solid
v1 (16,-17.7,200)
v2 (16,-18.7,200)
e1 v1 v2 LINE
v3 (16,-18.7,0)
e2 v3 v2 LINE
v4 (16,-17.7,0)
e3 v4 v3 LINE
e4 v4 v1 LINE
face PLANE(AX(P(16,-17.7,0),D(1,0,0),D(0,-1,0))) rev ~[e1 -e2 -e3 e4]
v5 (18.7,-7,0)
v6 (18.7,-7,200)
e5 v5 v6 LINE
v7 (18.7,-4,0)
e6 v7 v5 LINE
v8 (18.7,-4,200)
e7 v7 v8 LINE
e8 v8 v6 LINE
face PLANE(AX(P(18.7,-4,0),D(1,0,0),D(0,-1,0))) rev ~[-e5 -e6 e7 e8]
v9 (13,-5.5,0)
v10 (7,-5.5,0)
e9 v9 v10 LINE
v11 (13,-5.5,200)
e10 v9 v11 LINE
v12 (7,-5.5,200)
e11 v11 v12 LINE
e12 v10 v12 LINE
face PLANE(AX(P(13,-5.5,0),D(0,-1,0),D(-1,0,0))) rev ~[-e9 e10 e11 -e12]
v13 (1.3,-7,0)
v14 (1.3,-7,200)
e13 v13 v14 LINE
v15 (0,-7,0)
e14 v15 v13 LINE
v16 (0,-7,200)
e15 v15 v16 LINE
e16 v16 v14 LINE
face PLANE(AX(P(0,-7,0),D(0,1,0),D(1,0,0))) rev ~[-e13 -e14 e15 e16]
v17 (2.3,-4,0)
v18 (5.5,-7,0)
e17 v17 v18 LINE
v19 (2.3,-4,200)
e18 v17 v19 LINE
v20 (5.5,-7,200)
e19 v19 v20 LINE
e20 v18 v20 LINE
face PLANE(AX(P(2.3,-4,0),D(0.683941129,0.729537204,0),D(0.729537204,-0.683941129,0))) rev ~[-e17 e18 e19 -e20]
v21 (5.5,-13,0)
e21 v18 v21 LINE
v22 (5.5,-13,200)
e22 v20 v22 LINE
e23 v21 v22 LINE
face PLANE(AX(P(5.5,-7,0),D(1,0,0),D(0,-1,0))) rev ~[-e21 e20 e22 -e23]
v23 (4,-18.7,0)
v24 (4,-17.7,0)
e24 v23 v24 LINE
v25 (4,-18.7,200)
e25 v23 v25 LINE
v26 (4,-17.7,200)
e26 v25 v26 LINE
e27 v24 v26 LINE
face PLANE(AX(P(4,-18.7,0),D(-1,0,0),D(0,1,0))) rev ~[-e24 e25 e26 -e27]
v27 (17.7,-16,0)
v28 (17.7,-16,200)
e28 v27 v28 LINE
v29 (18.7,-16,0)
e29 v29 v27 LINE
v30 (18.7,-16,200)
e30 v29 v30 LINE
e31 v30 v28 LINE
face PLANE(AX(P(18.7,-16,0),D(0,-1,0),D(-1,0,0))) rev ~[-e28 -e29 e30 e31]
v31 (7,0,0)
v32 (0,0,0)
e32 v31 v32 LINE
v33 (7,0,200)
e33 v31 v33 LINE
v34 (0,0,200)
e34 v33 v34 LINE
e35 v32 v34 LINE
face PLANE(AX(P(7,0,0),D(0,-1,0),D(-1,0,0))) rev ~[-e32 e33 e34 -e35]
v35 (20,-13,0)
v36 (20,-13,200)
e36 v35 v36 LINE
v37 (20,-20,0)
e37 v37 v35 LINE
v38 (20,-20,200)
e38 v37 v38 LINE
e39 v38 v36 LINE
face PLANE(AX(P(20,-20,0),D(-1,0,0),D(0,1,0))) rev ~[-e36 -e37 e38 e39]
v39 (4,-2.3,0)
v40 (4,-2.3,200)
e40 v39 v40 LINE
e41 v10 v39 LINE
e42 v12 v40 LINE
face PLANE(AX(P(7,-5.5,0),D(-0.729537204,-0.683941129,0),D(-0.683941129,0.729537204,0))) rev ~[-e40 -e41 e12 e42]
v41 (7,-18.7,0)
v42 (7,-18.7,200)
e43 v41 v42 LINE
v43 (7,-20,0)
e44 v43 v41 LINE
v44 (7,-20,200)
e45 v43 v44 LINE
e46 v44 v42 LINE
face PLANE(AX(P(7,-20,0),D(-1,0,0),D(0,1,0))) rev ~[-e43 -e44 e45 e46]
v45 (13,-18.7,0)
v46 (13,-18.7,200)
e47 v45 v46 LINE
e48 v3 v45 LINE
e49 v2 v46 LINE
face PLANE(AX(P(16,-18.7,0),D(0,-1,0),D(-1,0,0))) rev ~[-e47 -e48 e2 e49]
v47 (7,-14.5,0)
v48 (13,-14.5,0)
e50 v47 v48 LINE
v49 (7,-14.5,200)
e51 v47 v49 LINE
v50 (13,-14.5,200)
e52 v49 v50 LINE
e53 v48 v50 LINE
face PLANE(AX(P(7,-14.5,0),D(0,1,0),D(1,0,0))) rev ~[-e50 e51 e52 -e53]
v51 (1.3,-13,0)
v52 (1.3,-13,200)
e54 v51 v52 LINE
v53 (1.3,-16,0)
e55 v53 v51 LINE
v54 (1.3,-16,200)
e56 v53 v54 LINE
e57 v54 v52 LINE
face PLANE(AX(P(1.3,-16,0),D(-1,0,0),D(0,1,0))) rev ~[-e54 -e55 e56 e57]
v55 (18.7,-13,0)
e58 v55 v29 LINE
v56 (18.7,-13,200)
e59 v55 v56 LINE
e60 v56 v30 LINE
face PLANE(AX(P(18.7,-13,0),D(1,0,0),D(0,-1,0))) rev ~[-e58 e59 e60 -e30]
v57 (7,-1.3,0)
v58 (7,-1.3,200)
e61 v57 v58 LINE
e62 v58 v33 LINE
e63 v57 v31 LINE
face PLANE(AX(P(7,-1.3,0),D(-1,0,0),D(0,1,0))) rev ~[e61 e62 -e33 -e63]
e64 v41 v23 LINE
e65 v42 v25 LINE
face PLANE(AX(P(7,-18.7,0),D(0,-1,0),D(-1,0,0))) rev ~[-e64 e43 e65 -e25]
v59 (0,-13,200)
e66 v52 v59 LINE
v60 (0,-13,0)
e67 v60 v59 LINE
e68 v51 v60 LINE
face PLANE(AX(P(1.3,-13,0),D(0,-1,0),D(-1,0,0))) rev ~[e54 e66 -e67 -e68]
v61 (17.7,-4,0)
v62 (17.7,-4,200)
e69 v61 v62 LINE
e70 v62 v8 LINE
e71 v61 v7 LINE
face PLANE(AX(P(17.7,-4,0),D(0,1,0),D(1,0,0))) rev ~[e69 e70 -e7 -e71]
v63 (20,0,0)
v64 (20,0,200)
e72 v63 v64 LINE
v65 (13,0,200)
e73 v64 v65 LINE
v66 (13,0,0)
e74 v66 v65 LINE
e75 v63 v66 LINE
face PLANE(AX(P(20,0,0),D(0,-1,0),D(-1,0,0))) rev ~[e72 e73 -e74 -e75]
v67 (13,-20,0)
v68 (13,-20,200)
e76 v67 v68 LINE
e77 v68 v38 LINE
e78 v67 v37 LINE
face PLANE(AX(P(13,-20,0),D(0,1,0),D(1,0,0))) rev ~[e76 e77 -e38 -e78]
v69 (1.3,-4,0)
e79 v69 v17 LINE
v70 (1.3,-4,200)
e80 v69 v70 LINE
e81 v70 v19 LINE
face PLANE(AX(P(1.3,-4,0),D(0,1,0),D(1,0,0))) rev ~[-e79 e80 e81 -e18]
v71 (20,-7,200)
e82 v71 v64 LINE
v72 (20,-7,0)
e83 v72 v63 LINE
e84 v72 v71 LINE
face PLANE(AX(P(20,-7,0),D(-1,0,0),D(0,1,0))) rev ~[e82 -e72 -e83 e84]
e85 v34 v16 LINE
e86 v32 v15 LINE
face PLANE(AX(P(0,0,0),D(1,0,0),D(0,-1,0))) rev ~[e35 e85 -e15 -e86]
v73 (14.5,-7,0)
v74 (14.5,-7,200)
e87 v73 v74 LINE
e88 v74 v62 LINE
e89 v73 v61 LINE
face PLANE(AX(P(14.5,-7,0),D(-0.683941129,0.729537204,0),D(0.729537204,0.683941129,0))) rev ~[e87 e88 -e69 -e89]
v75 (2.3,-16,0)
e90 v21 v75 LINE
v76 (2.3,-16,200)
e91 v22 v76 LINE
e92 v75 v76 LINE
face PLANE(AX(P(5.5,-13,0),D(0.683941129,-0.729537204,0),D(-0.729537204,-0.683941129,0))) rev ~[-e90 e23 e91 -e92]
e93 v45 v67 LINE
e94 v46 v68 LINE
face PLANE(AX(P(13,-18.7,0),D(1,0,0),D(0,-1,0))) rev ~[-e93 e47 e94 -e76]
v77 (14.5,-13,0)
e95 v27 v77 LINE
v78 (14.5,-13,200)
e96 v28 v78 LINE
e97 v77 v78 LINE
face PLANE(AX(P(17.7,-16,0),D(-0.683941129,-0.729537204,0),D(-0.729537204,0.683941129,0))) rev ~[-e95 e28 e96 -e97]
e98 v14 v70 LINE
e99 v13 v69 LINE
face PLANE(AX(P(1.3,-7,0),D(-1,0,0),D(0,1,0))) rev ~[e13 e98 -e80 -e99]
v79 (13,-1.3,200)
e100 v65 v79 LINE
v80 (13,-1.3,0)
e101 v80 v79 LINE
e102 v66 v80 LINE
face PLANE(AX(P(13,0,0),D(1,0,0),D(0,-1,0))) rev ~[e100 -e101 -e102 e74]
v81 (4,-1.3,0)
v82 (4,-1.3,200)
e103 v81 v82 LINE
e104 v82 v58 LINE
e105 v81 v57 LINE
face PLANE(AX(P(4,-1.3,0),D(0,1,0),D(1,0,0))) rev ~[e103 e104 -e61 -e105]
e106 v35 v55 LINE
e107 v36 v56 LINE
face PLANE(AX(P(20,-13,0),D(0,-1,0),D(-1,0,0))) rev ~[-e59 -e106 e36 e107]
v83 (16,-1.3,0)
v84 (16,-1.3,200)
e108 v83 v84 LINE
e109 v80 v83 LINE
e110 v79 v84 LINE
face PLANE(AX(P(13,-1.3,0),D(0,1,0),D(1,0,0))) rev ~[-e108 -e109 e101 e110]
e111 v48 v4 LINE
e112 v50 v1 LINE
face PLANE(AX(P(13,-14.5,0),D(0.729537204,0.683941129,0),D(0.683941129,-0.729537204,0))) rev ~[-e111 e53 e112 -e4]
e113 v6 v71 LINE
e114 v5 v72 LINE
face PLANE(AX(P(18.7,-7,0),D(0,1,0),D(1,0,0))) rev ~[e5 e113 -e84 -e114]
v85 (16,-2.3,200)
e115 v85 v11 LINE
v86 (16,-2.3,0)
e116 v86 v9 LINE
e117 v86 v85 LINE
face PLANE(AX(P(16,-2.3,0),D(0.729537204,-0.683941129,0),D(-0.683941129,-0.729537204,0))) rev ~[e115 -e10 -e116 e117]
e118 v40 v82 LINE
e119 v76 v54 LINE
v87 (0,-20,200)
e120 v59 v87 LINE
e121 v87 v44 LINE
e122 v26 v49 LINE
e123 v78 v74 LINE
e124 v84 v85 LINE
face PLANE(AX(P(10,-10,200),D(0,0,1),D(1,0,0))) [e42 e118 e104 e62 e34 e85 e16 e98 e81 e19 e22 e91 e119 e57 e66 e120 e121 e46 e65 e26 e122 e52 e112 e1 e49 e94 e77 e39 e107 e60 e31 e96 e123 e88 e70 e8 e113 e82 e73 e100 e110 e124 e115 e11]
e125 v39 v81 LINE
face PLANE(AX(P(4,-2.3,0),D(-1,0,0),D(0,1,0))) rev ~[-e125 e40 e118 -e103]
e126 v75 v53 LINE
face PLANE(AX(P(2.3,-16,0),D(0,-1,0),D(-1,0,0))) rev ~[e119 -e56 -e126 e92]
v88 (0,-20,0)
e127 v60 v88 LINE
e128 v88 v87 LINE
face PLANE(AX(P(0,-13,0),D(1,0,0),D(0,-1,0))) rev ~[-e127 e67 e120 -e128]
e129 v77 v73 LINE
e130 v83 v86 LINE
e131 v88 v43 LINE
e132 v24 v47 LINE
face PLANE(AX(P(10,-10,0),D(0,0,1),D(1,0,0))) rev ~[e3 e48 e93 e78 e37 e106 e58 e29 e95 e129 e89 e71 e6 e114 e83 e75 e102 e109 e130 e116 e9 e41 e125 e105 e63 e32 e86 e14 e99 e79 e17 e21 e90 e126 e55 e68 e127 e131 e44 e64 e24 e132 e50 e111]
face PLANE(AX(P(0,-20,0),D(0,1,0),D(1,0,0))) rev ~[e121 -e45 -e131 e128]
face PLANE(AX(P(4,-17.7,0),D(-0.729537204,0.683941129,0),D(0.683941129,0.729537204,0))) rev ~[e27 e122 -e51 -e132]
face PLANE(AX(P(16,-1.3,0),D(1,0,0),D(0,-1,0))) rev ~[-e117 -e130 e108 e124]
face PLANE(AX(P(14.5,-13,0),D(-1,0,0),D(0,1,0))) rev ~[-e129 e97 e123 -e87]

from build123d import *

# Parameters (mm, degrees)
BOSS_EXTRUDE1_DEPTH = 200


with BuildPart() as part:
    # Sketch1 → Boss-Extrude1 (new body)
    with BuildSketch(Plane.XY):
        Polygon((20, 0), (13, 0), (13, -1.3), (16, -1.3), (16, -2.3), (13, -5.5), (7, -5.5), (4, -2.3), (4, -1.3), (7, -1.3), (7, 0), (0, 0), (0, -7), (1.3, -7), (1.3, -4), (2.3, -4), (5.5, -7), (5.5, -13), (2.3, -16), (1.3, -16), (1.3, -13), (0, -13), (0, -20), (7, -20), (7, -18.7), (4, -18.7), (4, -17.7), (7, -14.5), (13, -14.5), (16, -17.7), (16, -18.7), (13, -18.7), (13, -20), (20, -20), (20, -13), (18.7, -13), (18.7, -16), (17.7, -16), (14.5, -13), (14.5, -7), (17.7, -4), (18.7, -4), (18.7, -7), (20, -7), align=None)
    extrude(amount=BOSS_EXTRUDE1_DEPTH)


solid = part.part
